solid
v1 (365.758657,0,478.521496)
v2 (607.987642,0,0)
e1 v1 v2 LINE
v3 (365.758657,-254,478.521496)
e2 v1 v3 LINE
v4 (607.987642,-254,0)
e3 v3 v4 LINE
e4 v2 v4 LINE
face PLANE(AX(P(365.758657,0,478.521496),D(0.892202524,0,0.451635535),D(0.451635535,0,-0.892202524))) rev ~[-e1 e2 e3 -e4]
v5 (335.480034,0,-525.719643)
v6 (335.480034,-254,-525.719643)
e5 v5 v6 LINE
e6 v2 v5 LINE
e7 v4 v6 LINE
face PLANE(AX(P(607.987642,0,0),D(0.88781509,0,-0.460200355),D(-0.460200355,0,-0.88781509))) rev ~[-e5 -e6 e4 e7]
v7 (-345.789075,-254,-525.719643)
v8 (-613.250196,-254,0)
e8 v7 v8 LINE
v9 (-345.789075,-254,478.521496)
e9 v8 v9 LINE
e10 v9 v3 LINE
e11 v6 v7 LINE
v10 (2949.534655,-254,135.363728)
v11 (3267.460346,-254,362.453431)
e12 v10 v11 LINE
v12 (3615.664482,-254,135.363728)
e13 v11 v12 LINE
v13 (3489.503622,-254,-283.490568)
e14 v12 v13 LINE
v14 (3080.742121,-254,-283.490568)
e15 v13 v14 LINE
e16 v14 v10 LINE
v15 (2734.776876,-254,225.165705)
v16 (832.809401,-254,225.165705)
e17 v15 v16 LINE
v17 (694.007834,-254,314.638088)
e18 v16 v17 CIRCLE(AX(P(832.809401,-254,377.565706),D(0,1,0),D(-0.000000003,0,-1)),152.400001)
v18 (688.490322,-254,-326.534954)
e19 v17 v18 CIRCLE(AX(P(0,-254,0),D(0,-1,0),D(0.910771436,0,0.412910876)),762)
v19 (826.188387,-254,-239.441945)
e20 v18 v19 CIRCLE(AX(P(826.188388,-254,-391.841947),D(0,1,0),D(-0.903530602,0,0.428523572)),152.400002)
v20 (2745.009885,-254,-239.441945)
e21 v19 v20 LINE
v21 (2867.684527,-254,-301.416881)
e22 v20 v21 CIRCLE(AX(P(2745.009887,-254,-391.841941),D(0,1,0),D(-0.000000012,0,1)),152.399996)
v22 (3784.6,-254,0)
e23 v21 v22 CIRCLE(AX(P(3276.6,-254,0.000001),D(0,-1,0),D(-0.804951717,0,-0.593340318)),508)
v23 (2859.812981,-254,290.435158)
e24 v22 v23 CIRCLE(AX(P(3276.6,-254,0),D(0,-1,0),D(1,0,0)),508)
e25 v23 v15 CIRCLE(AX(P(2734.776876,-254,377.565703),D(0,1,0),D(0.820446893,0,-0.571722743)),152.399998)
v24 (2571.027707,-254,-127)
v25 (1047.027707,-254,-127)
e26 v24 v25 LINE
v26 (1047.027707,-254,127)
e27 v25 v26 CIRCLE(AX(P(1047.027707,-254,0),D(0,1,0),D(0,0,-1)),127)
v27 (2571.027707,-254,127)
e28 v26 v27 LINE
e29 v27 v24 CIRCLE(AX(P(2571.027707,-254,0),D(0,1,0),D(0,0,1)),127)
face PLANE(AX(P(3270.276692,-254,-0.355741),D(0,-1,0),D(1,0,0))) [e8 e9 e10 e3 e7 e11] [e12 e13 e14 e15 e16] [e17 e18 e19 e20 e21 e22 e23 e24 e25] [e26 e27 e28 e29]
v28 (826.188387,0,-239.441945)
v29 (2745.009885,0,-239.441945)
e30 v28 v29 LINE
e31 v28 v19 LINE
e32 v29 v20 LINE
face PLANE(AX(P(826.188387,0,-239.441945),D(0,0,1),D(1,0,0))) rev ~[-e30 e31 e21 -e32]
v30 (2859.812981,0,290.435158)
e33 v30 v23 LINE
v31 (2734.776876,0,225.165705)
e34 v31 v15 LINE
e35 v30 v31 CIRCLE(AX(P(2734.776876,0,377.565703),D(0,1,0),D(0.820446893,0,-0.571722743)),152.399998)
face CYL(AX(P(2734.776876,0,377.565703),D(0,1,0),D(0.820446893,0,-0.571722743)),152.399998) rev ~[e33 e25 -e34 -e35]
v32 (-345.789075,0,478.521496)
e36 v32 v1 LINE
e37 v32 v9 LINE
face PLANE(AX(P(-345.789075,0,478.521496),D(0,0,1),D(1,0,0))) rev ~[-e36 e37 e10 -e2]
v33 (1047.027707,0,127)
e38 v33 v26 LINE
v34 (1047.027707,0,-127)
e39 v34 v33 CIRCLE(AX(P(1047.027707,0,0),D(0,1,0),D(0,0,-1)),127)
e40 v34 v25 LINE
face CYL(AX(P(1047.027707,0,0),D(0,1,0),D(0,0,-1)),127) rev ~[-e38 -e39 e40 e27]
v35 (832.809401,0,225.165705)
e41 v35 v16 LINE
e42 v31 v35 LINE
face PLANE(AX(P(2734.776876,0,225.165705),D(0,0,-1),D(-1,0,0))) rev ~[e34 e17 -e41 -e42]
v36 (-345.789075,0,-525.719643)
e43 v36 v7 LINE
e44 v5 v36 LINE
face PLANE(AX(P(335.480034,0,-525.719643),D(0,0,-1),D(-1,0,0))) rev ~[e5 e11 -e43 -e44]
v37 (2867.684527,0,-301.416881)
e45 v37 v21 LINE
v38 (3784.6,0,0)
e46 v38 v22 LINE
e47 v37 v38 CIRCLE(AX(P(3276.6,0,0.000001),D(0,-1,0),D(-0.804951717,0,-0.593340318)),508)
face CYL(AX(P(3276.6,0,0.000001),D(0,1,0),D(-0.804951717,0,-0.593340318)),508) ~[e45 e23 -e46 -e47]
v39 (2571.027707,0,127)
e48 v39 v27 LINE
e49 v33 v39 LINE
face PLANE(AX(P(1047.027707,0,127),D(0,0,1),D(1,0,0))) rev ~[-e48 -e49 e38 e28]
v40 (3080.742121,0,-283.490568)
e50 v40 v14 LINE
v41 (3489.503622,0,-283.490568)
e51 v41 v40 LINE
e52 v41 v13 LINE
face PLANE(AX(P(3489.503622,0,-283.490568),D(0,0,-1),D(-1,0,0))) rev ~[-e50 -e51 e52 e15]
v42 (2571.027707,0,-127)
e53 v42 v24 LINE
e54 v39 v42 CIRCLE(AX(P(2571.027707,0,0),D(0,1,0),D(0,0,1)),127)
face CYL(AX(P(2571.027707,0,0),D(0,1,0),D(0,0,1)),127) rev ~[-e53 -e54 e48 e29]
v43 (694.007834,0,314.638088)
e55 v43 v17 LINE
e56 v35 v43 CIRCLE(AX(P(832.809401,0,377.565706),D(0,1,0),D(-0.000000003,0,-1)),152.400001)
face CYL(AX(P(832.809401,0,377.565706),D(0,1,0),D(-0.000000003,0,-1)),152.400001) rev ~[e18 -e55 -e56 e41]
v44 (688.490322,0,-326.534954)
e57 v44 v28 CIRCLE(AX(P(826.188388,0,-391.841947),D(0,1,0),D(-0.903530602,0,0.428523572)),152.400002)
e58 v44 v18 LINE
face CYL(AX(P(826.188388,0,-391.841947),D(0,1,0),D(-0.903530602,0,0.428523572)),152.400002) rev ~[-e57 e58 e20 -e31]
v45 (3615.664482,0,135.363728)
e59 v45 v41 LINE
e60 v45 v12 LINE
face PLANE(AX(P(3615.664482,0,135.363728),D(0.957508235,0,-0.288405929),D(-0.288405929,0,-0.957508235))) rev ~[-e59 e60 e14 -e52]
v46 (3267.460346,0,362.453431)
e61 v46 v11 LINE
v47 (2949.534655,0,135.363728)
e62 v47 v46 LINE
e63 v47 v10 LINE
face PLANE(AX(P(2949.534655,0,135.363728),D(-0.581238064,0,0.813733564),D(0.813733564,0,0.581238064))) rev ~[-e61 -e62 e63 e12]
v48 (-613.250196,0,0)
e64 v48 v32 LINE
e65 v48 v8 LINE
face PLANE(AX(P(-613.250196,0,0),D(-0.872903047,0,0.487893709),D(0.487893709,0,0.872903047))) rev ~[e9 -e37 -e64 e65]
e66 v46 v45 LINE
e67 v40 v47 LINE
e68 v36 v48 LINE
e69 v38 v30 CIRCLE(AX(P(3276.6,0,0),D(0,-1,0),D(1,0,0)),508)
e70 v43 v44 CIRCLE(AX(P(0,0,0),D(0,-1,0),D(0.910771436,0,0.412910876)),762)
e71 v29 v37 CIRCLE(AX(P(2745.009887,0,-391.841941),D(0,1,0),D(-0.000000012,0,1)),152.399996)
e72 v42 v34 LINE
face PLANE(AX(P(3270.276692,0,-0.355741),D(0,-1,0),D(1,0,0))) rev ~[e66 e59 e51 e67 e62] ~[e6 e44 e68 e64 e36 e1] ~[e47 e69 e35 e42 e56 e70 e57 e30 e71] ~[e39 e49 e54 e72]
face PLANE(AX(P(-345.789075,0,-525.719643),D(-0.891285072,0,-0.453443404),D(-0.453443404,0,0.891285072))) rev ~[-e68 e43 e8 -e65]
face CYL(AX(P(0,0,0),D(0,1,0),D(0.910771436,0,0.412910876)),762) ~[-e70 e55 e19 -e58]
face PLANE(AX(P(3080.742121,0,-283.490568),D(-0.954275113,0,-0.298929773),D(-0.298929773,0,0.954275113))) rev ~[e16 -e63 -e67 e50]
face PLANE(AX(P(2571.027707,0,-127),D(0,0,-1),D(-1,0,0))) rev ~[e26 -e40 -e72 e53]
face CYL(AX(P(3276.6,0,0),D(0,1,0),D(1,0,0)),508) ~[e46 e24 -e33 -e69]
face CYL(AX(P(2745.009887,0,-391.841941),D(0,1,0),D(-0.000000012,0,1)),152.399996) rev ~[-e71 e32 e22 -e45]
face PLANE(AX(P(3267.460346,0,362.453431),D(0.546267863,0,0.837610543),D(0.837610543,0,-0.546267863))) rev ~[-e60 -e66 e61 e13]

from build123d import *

# Parameters (mm, degrees)
F1_DEPTH = 254


with BuildPart() as f1:
    # F0 (on Front) → F1 (new body)
    with BuildSketch(Plane.XZ):
        with BuildLine():
            ThreePointArc((3784.6, 0), (3428.8107, 484.660606), (2859.812981, 290.435158))
            ThreePointArc((2859.812981, 290.435158), (2768.644923, -6.755729), (2867.684527, -301.416881))
            ThreePointArc((2867.684527, -301.416881), (3435.242585, -482.593545), (3784.6, 0))
        make_face()
        Polygon((2949.534655, 135.363728), (3267.460346, 362.453431), (3615.664482, 135.363728), (3489.503622, -283.490568), (3080.742121, -283.490568), align=None, mode=Mode.SUBTRACT)
        with BuildLine():
            ThreePointArc((694.007834, 314.638088), (744.808019, 160.95035), (762, 0))
            ThreePointArc((762, 0), (743.395462, -167.35348), (688.490322, -326.534954))
            ThreePointArc((688.490322, -326.534954), (744.723748, -263.042595), (826.188387, -239.441945))
            Line((826.188387, -239.441945), (2745.009885, -239.441945))
            ThreePointArc((2745.009885, -239.441945), (2813.730262, -255.81522), (2867.684527, -301.416881))
            ThreePointArc((2867.684527, -301.416881), (2768.644923, -6.755729), (2859.812981, 290.435158))
            ThreePointArc((2859.812981, 290.435158), (2805.30015, 242.464899), (2734.776876, 225.165705))
            Line((2734.776876, 225.165705), (832.809401, 225.165705))
            ThreePointArc((832.809401, 225.165705), (750.239458, 249.472128), (694.007834, 314.638088))
        make_face()
        with BuildLine():
            ThreePointArc((1047.027707, -127), (920.027707, 0), (1047.027707, 127))
            Line((1047.027707, 127), (2571.027707, 127))
            ThreePointArc((2571.027707, 127), (2698.027707, 0), (2571.027707, -127))
            Line((2571.027707, -127), (1047.027707, -127))
        make_face(mode=Mode.SUBTRACT)
        with BuildLine():
            ThreePointArc((688.490322, -326.534954), (743.395462, -167.35348), (762, 0))
            ThreePointArc((762, 0), (744.808019, 160.95035), (694.007834, 314.638088))
            ThreePointArc((694.007834, 314.638088), (-761.971788, 6.557026), (688.490322, -326.534954))
        make_face()
        Polygon((-613.250196, 0), (-345.789075, 478.521496), (365.758657, 478.521496), (607.987642, 0), (335.480034, -525.719643), (-345.789075, -525.719643), align=None, mode=Mode.SUBTRACT)
    extrude(amount=F1_DEPTH)


solid = f1.part
